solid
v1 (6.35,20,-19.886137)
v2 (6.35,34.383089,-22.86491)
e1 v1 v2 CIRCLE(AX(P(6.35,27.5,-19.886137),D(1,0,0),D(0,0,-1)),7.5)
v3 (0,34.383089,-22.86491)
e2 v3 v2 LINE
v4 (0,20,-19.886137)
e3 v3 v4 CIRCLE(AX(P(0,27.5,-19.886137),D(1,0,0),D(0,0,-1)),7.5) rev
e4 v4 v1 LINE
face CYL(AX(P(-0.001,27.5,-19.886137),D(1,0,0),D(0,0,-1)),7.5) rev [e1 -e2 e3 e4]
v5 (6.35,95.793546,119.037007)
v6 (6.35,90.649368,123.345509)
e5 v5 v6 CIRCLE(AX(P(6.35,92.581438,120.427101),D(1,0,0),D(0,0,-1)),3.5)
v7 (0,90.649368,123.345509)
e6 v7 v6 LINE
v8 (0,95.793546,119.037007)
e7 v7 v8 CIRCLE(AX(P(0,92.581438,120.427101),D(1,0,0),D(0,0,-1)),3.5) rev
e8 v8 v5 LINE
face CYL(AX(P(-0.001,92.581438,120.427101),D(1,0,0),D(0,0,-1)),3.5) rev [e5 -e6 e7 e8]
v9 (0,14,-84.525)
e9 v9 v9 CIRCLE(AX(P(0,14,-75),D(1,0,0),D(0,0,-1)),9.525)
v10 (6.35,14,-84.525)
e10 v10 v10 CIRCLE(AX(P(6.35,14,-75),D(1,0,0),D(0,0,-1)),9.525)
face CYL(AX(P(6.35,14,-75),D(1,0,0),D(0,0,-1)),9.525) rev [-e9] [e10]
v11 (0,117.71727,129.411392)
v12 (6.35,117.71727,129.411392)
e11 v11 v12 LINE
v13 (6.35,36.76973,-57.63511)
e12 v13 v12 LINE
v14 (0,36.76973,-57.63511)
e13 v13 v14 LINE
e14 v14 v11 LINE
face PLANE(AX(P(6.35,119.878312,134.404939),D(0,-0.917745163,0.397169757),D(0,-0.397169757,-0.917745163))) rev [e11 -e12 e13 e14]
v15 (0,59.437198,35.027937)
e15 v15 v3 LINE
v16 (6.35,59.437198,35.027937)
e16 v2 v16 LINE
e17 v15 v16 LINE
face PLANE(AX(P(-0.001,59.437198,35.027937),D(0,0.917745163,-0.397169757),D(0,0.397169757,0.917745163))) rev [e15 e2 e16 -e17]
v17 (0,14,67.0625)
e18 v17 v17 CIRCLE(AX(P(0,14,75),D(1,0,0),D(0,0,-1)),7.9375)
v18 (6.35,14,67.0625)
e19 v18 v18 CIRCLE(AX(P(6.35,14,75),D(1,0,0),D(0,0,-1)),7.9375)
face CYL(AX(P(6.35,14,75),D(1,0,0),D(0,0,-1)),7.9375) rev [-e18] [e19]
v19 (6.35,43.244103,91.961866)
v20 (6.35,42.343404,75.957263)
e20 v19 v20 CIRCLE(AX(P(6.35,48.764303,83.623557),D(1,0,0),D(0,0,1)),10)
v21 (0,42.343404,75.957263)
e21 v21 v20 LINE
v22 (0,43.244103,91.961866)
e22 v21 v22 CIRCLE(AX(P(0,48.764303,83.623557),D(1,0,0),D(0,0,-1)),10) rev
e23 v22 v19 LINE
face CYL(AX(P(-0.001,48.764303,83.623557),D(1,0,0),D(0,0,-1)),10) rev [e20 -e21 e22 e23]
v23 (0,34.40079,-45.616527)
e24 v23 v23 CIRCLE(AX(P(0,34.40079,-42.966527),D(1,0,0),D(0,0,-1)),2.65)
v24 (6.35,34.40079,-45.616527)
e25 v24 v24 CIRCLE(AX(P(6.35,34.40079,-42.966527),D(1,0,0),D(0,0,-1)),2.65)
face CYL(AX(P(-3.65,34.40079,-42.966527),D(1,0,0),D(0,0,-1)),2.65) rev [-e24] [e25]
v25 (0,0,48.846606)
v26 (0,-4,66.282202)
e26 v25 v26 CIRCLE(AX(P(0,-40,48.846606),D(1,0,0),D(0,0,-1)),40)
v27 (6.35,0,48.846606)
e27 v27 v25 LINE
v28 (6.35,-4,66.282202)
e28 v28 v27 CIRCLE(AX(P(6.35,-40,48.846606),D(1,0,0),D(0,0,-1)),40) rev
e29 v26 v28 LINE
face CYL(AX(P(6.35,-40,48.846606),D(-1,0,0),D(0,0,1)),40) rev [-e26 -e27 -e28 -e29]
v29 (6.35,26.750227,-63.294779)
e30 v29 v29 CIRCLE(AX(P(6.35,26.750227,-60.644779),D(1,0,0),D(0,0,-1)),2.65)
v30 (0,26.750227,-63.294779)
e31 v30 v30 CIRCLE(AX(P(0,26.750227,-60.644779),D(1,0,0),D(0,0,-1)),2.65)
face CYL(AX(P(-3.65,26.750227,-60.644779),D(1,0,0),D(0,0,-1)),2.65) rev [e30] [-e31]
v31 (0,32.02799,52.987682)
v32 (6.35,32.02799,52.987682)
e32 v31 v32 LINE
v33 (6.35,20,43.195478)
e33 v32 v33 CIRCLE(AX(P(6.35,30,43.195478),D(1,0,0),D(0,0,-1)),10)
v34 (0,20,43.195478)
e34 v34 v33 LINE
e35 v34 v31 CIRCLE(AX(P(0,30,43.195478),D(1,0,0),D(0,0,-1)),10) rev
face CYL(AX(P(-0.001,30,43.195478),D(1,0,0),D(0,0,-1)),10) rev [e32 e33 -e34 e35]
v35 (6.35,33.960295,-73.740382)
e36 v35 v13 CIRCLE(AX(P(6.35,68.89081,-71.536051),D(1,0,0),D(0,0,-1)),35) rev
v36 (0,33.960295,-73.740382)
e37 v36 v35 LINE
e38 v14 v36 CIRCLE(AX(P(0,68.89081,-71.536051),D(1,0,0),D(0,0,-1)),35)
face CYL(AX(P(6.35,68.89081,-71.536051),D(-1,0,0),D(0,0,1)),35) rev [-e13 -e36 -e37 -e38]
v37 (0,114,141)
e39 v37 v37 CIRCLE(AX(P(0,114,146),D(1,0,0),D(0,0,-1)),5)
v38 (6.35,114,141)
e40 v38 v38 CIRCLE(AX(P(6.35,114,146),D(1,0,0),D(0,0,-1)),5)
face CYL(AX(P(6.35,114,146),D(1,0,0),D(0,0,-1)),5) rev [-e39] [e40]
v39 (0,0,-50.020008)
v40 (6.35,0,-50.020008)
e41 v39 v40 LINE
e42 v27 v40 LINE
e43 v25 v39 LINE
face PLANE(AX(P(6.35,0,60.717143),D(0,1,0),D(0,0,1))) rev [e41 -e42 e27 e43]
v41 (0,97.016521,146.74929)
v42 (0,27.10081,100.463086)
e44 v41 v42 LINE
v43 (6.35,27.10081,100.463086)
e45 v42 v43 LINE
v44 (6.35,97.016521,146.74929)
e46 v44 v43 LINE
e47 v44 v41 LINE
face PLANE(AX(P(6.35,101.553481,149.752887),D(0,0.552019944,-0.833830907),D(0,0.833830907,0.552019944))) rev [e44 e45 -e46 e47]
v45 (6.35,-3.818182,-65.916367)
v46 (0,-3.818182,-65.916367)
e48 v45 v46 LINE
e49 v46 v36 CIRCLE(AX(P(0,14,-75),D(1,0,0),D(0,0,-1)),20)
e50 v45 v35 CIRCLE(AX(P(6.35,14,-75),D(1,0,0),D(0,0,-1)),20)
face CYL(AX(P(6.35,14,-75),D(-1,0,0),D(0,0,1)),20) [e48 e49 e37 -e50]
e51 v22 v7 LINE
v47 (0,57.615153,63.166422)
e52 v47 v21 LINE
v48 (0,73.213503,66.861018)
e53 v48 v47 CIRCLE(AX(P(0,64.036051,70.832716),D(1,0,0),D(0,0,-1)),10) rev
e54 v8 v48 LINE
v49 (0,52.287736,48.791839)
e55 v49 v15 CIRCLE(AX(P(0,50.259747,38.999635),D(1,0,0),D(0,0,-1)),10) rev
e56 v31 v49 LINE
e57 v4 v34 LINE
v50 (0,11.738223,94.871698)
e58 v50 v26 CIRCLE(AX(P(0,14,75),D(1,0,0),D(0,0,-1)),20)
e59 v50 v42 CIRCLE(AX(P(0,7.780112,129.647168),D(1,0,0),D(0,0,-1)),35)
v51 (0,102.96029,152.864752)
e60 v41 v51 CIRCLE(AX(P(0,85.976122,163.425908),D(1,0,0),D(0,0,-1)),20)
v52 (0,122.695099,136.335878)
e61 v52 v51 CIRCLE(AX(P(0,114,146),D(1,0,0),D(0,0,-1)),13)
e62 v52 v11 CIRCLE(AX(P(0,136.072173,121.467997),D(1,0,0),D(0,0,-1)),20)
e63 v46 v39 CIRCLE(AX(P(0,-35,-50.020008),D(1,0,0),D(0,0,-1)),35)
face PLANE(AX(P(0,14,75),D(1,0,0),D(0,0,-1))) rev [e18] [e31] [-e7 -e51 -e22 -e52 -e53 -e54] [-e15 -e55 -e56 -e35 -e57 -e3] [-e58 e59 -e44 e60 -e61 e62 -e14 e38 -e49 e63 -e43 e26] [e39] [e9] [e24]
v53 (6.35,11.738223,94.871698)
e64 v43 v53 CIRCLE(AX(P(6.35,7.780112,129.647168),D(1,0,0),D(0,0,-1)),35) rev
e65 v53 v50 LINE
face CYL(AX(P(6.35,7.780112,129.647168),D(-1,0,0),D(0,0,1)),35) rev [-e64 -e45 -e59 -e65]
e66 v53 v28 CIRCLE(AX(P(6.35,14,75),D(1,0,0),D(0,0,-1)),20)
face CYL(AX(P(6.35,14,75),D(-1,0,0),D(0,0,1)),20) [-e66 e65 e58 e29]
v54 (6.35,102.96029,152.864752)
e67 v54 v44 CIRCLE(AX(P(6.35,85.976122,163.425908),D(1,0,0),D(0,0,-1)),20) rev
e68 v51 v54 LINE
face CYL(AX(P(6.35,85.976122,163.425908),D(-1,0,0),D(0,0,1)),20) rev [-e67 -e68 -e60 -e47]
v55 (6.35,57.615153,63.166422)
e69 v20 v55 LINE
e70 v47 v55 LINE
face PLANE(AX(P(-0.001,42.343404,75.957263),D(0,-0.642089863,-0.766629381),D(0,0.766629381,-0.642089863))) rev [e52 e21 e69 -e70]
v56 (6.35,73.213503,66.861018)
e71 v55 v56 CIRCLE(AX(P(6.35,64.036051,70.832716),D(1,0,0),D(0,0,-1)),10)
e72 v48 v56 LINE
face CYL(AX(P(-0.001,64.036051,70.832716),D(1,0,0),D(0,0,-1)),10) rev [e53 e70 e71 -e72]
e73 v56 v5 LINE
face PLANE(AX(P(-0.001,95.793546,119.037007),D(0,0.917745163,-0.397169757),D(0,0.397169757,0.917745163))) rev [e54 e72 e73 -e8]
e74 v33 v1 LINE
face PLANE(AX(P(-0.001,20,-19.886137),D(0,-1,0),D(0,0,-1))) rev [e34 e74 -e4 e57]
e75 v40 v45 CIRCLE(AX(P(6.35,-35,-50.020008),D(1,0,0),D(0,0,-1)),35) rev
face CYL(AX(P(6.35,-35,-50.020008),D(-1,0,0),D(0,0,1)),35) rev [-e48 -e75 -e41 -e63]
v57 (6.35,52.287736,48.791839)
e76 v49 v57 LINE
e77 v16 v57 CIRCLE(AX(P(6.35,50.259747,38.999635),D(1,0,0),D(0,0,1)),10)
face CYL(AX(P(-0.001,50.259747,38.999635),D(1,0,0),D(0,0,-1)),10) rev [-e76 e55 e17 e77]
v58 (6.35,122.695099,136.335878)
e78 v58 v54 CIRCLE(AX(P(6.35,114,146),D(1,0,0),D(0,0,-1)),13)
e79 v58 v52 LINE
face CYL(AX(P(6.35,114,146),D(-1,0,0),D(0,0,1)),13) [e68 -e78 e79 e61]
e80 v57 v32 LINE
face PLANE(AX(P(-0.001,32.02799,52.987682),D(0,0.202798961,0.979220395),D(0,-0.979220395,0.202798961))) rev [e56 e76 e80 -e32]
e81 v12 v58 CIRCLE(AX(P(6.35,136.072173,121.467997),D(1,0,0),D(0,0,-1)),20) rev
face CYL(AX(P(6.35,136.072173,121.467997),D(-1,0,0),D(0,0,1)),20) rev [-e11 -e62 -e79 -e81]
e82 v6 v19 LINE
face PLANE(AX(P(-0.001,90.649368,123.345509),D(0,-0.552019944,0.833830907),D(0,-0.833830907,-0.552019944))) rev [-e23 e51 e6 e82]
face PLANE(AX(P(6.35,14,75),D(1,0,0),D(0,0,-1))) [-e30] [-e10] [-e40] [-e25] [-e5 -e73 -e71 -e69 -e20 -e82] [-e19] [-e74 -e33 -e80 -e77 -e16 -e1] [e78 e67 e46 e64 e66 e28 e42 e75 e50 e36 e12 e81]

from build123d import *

# Parameters (mm, degrees)
BOSS_EXTRUDE1_DEPTH         = 6.35
F_3_4_0_75_DIAMETER_HOLE1_D = 19.05
F_10_0_10_DIAMETER_HOLE1_D  = 10
F_5_8_DIAMETER_HOLE2_D      = 15.875
CUT_EXTRUDE1_REACH          = 205.594
FILLET1_R                   = 35
FILLET3_R                   = 35
FILLET4_R                   = 20
FILLET6_R                   = 40
SKETCH22_R                  = 2.65
CUT_EXTRUDE2_DEPTH          = 10
SKETCH24_R                  = 2.65
CUT_EXTRUDE3_DEPTH          = 10


with BuildPart() as part:
    # Sketch1 → Boss-Extrude1 (new body)
    with BuildSketch(Plane(origin=(0, 0, 0), x_dir=(0, 0, -1), z_dir=(1, 0, 0))):
        with BuildLine():
            Line((-60.717143143, 0), (60.717143143, 0))
            ThreePointArc((60.717143143, 0), (94.584407895, 9.944020783), (67.452353804, 32.521151068))
            Line((67.452353804, 32.521151068), (-134.404938559, 119.878311848))
            ThreePointArc((-134.404938559, 119.878311848), (-155.966181949, 122.347168224), (-149.752887031, 101.553480851))
            Line((-149.752887031, 101.553480851), (-94.55805454, 18.181208272))
            ThreePointArc((-94.55805454, 18.181208272), (-84.465516954, -3.618285637), (-60.717143143, 0))
        make_face()
    extrude(amount=BOSS_EXTRUDE1_DEPTH)

    # 3/4 (0.75) Diameter Hole1 (through all)
    with Locations(Plane(origin=(6.35, 0, 0), x_dir=(0, 0, -1), z_dir=(1, 0, 0))):
        with Locations((75, 14)):
            Hole(F_3_4_0_75_DIAMETER_HOLE1_D / 2)

    # Ø10.0 (10) Diameter Hole1 (through all)
    with Locations(Plane(origin=(6.35, 0, 0), x_dir=(0, 0, -1), z_dir=(1, 0, 0))):
        with Locations((-146, 114)):
            Hole(F_10_0_10_DIAMETER_HOLE1_D / 2)

    # Ø5/8" Diameter Hole2 (through all)
    with Locations(Plane(origin=(6.35, 0, 0), x_dir=(0, 0, -1), z_dir=(1, 0, 0))):
        with Locations((-75, 14)):
            Hole(F_5_8_DIAMETER_HOLE2_D / 2)

    # Sketch8 → Cut-Extrude1 (cut, up to next)
    with BuildSketch(Plane(origin=(6.35, 0, 0), x_dir=(0, 0, -1), z_dir=(1, 0, 0)), mode=Mode.PRIVATE) as cut_extrude1_sk1:
        with BuildLine():
            Line((-52.98768213, 32.027989609), (-48.791838571, 52.287736349))
            ThreePointArc((-48.791838571, 52.287736349), (-43.609219792, 59.133963583), (-35.027937054, 59.43719837))
            Line((-35.027937054, 59.43719837), (22.864909862, 34.383088722))
            ThreePointArc((22.864909862, 34.383088722), (27.230289645, 25.979007794), (19.886136685, 20))
            Line((19.886136685, 20), (-43.195478183, 20))
            ThreePointArc((-43.195478183, 20), (-50.950473221, 23.686518238), (-52.98768213, 32.027989609))
        make_face()
    cut_extrude1_tool1 = extrude(cut_extrude1_sk1.sketch, amount=-CUT_EXTRUDE1_REACH, mode=Mode.PRIVATE) & part.part
    # Sketch8 → Cut-Extrude1 (cut, up to next)
    with BuildSketch(Plane(origin=(6.35, 0, 0), x_dir=(0, 0, -1), z_dir=(1, 0, 0)), mode=Mode.PRIVATE) as cut_extrude1_sk2:
        with BuildLine():
            Line((-75.95726339, 42.34340423), (-63.166421785, 57.61515284))
            ThreePointArc((-63.166421785, 57.61515284), (-61.101947711, 66.340863059), (-66.861018022, 73.213503103))
            Line((-66.861018022, 73.213503103), (-119.037006728, 95.793545572))
            ThreePointArc((-119.037006728, 95.793545572), (-123.11030371, 94.828752024), (-123.345509052, 90.649367698))
            Line((-123.345509052, 90.649367698), (-91.961866267, 43.244103424))
            ThreePointArc((-91.961866267, 43.244103424), (-84.185443207, 38.780101137), (-75.95726339, 42.34340423))
        make_face()
    cut_extrude1_tool2 = extrude(cut_extrude1_sk2.sketch, amount=-CUT_EXTRUDE1_REACH, mode=Mode.PRIVATE) & part.part
    add(cut_extrude1_tool1.solids().sort_by_distance((6.35, 35.497015, 18.727672))[0], mode=Mode.SUBTRACT)
    add(cut_extrude1_tool2.solids().sort_by_distance((6.35, 67.079595, 89.97893))[0], mode=Mode.SUBTRACT)

    # Fillet1
    fillet1_edges = [part.edges().sort_by_distance(p)[0] for p in [
        (3.175, 18.181208272, 94.55805454),
    ]]
    fillet(fillet1_edges, radius=FILLET1_R)

    # Fillet3
    fillet3_edges = [part.edges().sort_by_distance(p)[0] for p in [
        (3.175, 32.521151068, -67.452353804),
        (3.175, 0, -60.717143143),
    ]]
    fillet(fillet3_edges, radius=FILLET3_R)

    # Fillet4
    fillet4_edges = [part.edges().sort_by_distance(p)[0] for p in [
        (3.175, 101.553480851, 149.752887031),
        (3.175, 119.878311848, 134.404938559),
    ]]
    fillet(fillet4_edges, radius=FILLET4_R)

    # Fillet6
    fillet6_edges = [part.edges().sort_by_distance(p)[0] for p in [
        (3.175, 0, 60.717143143),
    ]]
    fillet(fillet6_edges, radius=FILLET6_R)

    # Sketch22 → Cut-Extrude2 (cut)
    with BuildSketch(Plane(origin=(6.35, 0, 0), x_dir=(0, 0, -1), z_dir=(1, 0, 0))):
        with Locations((60.644779113, 26.750227475)):
            Circle(SKETCH22_R)
    extrude(amount=-CUT_EXTRUDE2_DEPTH, mode=Mode.SUBTRACT)

    # Sketch24 → Cut-Extrude3 (cut)
    with BuildSketch(Plane(origin=(6.35, 0, 0), x_dir=(0, 0, -1), z_dir=(1, 0, 0))):
        with Locations((42.966527297, 34.400790246)):
            Circle(SKETCH24_R)
    extrude(amount=-CUT_EXTRUDE3_DEPTH, mode=Mode.SUBTRACT)


solid = part.part
